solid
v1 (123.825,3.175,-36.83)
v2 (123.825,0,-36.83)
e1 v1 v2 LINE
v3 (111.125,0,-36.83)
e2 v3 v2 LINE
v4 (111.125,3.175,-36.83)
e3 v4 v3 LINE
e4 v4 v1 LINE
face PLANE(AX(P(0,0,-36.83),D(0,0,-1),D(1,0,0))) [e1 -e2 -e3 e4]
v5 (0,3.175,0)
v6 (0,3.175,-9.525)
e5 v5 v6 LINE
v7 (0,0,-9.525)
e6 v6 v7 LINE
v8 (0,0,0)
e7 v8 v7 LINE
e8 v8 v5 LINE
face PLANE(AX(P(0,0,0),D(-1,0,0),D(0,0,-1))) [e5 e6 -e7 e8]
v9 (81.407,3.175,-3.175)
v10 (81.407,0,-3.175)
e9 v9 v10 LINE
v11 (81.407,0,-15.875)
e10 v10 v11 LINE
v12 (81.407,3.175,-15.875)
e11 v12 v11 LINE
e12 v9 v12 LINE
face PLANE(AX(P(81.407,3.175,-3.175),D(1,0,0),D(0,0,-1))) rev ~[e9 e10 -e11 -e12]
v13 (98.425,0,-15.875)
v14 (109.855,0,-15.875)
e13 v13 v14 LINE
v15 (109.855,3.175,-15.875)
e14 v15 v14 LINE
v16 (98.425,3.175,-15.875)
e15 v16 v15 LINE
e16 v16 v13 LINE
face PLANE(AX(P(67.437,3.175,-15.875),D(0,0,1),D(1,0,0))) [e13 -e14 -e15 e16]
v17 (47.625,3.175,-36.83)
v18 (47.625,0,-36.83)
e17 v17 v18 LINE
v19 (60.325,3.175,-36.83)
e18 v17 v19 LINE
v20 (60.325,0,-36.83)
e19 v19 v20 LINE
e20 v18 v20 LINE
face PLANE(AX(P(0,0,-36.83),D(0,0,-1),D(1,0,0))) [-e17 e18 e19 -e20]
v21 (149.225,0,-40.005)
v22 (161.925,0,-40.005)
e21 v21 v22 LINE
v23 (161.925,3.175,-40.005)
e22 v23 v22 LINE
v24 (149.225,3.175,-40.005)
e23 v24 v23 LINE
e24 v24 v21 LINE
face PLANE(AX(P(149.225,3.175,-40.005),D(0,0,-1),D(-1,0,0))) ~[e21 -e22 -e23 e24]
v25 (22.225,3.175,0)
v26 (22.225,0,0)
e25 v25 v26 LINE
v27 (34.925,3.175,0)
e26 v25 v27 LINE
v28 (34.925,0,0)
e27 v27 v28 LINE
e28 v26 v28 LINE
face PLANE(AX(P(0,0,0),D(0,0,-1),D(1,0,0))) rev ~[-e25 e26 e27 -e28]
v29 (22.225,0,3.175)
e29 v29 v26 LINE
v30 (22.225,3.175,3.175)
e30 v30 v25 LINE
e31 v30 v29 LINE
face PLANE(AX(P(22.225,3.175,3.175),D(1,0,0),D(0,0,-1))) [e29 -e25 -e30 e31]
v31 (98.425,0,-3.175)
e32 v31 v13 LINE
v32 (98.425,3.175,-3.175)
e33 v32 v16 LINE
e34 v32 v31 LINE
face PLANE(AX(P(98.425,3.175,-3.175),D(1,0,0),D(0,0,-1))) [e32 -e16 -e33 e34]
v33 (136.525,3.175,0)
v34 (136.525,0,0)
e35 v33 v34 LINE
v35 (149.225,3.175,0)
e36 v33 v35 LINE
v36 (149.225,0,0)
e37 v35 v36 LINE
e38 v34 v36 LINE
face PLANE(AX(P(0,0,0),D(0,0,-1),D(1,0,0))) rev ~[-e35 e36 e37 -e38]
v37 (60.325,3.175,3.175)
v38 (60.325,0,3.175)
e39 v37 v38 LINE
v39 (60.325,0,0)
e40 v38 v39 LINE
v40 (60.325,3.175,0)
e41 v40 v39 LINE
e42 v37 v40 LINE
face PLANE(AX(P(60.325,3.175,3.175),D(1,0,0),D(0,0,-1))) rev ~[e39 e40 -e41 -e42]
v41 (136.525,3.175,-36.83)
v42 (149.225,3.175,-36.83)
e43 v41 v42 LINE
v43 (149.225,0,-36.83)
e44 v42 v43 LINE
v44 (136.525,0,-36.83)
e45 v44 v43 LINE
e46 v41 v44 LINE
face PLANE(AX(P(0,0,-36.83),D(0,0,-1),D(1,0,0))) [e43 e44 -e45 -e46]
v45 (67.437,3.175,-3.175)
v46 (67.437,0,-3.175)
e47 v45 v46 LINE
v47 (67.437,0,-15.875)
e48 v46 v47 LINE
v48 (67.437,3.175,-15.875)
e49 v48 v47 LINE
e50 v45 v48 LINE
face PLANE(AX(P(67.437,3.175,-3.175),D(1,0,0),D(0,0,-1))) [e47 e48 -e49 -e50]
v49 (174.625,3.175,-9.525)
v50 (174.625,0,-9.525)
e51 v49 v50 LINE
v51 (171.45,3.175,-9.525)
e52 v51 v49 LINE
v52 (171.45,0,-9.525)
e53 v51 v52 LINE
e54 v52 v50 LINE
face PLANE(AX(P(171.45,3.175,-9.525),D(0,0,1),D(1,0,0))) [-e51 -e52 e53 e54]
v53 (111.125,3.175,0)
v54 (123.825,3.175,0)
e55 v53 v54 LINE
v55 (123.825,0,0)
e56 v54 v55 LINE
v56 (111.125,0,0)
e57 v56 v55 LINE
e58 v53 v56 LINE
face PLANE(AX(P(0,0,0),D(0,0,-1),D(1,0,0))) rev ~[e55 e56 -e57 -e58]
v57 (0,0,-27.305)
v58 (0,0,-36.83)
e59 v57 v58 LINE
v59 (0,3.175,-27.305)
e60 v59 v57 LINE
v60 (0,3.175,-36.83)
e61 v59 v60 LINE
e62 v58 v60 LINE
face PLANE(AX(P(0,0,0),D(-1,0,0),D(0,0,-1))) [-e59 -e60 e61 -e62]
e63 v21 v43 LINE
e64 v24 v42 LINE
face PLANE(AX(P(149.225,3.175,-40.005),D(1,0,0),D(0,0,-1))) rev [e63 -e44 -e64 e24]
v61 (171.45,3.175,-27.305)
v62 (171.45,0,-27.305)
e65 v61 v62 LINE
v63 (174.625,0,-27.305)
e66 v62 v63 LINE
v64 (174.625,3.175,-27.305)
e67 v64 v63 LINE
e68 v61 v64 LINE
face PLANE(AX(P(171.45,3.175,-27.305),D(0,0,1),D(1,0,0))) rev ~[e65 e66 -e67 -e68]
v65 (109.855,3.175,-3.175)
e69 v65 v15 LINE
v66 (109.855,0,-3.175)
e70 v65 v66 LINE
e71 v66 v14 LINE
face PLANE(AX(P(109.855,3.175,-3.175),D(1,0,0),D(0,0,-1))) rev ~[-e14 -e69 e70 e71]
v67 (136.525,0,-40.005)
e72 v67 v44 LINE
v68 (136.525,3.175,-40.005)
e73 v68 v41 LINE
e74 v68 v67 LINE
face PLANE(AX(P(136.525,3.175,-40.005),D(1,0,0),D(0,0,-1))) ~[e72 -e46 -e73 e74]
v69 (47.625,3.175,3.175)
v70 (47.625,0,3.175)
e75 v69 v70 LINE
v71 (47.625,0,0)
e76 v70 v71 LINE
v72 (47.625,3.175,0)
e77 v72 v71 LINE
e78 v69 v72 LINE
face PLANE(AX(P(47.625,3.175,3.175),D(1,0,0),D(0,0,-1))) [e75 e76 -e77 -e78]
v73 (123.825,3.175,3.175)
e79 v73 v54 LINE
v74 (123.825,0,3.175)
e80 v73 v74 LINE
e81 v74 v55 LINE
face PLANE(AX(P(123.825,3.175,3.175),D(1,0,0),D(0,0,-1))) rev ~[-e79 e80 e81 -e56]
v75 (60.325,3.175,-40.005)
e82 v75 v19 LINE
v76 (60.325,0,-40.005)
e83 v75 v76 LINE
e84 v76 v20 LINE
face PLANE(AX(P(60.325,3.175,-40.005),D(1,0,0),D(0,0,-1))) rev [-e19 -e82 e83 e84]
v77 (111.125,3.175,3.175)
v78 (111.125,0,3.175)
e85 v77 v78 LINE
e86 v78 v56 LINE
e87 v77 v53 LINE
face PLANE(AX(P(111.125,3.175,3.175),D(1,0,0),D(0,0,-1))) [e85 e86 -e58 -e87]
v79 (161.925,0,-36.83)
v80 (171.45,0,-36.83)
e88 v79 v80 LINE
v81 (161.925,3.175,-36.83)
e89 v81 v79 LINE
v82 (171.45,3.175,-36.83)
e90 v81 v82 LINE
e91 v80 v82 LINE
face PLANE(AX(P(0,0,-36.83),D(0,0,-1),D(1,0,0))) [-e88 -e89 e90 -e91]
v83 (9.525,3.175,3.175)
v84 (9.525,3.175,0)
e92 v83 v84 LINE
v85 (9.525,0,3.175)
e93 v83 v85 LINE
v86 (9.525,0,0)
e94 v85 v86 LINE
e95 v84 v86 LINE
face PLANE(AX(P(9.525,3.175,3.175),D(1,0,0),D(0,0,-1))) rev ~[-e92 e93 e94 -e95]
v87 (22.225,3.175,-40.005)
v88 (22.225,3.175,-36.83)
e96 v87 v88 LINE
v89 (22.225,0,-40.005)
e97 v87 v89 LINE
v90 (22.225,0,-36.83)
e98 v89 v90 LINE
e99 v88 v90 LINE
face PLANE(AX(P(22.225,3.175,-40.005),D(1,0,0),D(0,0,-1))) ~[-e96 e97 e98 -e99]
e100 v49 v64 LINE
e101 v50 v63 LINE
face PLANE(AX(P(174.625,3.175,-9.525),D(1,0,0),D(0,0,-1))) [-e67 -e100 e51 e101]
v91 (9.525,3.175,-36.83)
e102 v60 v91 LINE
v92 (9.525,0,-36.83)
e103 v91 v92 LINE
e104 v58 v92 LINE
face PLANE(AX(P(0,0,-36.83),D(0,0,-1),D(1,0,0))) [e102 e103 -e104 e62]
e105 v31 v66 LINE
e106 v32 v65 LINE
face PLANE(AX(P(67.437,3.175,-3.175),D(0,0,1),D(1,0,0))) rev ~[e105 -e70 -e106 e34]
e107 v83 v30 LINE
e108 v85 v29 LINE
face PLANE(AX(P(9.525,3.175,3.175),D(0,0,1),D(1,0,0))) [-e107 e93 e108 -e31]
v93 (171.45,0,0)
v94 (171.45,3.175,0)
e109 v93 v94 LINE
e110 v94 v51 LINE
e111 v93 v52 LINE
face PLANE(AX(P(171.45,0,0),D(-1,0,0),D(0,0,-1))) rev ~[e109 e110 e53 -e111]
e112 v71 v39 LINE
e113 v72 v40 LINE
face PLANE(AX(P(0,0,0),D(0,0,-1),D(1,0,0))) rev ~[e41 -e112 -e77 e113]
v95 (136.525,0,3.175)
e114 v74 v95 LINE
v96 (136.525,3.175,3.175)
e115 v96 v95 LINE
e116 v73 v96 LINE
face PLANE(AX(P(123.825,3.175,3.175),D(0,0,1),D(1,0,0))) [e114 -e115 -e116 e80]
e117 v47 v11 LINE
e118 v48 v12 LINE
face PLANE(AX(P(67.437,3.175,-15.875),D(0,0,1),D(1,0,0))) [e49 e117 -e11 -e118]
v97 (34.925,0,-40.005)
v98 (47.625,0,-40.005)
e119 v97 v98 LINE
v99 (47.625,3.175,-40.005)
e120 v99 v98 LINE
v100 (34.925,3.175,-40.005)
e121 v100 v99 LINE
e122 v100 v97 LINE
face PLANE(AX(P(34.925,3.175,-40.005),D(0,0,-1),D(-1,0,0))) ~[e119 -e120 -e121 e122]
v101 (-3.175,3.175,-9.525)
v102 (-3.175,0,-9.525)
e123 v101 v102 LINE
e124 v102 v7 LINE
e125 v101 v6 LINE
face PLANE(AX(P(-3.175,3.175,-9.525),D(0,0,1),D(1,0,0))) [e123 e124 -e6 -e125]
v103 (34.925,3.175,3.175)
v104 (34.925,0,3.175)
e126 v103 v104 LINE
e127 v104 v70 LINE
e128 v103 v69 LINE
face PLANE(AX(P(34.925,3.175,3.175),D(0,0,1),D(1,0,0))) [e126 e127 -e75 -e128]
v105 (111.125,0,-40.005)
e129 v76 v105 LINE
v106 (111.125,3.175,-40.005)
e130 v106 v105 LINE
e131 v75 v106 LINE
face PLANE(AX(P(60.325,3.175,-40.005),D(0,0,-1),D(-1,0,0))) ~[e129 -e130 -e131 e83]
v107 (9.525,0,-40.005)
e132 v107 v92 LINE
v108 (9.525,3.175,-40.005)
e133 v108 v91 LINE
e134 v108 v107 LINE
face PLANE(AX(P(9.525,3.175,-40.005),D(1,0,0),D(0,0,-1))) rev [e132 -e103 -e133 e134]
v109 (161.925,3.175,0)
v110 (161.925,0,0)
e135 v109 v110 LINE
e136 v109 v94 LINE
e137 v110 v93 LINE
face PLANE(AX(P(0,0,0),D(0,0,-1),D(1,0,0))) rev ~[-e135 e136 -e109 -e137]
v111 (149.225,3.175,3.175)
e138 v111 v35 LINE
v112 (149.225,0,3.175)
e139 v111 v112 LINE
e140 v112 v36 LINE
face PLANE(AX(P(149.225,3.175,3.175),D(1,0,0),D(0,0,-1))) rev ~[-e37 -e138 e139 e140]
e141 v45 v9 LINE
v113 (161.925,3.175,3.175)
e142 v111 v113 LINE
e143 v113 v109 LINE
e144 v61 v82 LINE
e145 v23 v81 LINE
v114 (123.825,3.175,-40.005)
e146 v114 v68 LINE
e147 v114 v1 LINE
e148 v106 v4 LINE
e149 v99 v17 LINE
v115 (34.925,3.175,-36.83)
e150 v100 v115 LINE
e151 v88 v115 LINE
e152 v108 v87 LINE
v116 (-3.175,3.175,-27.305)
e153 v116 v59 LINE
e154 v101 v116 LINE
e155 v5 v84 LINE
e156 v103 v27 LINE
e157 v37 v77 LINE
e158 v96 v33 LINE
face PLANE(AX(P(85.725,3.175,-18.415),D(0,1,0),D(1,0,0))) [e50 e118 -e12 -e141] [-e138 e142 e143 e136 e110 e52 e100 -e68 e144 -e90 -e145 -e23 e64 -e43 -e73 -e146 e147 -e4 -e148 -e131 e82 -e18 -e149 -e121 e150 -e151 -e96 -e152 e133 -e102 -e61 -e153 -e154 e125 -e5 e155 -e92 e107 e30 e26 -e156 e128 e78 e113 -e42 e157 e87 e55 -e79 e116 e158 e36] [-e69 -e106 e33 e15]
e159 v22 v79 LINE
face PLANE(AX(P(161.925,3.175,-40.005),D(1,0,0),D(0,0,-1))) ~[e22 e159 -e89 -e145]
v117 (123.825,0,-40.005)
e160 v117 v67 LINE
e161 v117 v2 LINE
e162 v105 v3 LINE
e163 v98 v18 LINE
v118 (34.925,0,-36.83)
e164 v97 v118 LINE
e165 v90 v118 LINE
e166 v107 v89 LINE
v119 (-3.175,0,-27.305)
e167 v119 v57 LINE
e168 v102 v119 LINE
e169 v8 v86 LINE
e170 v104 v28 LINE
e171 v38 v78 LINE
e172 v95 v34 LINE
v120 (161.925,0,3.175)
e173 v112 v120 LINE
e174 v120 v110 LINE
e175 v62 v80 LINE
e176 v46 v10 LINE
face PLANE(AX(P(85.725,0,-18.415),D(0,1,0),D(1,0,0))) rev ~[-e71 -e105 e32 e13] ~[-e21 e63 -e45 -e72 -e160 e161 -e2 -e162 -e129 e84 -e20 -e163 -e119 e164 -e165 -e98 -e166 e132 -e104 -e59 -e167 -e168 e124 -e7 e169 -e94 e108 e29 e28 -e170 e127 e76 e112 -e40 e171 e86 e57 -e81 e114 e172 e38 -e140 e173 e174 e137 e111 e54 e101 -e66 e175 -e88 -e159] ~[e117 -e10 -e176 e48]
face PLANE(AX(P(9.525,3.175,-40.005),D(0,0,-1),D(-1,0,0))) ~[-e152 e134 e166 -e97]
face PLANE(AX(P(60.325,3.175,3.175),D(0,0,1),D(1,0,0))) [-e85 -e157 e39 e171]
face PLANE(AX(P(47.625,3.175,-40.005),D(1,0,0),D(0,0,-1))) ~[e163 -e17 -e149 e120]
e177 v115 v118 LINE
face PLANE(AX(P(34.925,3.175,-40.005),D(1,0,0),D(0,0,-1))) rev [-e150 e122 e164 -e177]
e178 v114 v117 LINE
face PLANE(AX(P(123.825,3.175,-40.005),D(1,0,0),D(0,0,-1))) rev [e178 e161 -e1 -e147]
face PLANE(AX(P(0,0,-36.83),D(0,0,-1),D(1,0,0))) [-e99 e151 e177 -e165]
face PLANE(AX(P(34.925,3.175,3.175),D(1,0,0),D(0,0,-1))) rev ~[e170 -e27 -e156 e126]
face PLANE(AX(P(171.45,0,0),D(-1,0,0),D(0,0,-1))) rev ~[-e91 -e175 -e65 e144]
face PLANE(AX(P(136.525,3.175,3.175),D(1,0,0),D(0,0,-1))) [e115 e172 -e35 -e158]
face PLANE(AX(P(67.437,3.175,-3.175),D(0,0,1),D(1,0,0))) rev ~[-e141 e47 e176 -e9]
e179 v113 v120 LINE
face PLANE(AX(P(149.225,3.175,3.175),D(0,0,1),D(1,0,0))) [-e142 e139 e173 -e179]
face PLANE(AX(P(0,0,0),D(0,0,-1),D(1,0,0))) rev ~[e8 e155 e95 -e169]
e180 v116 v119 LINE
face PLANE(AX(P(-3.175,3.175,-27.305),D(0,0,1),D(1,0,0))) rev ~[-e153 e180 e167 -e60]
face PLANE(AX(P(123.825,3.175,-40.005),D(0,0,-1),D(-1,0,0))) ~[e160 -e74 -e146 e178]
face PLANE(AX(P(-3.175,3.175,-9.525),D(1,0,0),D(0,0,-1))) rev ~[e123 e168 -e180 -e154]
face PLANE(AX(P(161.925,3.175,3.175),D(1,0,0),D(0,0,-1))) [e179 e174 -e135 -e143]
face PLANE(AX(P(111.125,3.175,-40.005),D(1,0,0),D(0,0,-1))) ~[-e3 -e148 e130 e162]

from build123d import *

# Parameters (mm, degrees)
SKETCH1_W           = 171.45
SKETCH1_H           = 36.83
BOSS_EXTRUDE1_DEPTH = 3.175
SKETCH2_W           = 12.7
SKETCH2_H           = 3.175
SKETCH2_W_2         = 50.8
BOSS_EXTRUDE2_DEPTH = 3.175
SKETCH3_W           = 42.418
SKETCH3_H           = 12.7
CUT_EXTRUDE1_DEPTH  = 3.175
SKETCH5_W           = 17.018
SKETCH5_H           = 12.7
BOSS_EXTRUDE3_DEPTH = 3.175
SKETCH6_W           = 3.175
SKETCH6_H           = 17.78
BOSS_EXTRUDE4_DEPTH = 3.175


with BuildPart() as part:
    # Sketch1 → Boss-Extrude1 (new body)
    with BuildSketch(Plane(origin=(0, 0, 0), x_dir=(1, 0, 0), z_dir=(0, 1, 0))):
        with Locations((85.725, 18.415)):
            Rectangle(SKETCH1_W, SKETCH1_H)
    extrude(amount=BOSS_EXTRUDE1_DEPTH)

    # Sketch2 → Boss-Extrude2 (add)
    with BuildSketch(Plane(origin=(0, 3.175, 0), x_dir=(1, 0, 0), z_dir=(0, 1, 0))):
        with Locations((15.875, -1.5875)):
            Rectangle(SKETCH2_W, SKETCH2_H)
        with Locations((41.275, -1.5875)):
            Rectangle(SKETCH2_W, SKETCH2_H)
        with Locations((85.725, -1.5875)):
            Rectangle(SKETCH2_W_2, SKETCH2_H)
        with Locations((130.175, -1.5875)):
            Rectangle(SKETCH2_W, SKETCH2_H)
        with Locations((155.575, -1.5875)):
            Rectangle(SKETCH2_W, SKETCH2_H)
    boss_extrude2 = extrude(amount=-BOSS_EXTRUDE2_DEPTH)

    # Sketch3 → Cut-Extrude1 (cut)
    with BuildSketch(Plane(origin=(0, 3.175, 0), x_dir=(1, 0, 0), z_dir=(0, 1, 0))):
        with Locations((88.646, 9.525)):
            Rectangle(SKETCH3_W, SKETCH3_H)
    extrude(amount=-CUT_EXTRUDE1_DEPTH, mode=Mode.SUBTRACT)

    # Sketch5 → Boss-Extrude3 (add)
    with BuildSketch(Plane(origin=(0, 3.175, 0), x_dir=(1, 0, 0), z_dir=(0, 1, 0))):
        with Locations((89.916, 9.525)):
            Rectangle(SKETCH5_W, SKETCH5_H)
    extrude(amount=-BOSS_EXTRUDE3_DEPTH)

    # Sketch6 → Boss-Extrude4 (add)
    with BuildSketch(Plane(origin=(0, 3.175, 0), x_dir=(1, 0, 0), z_dir=(0, 1, 0))):
        with Locations((-1.5875, 18.415)):
            Rectangle(SKETCH6_W, SKETCH6_H)
        with Locations((173.0375, 18.415)):
            Rectangle(SKETCH6_W, SKETCH6_H)
    extrude(amount=-BOSS_EXTRUDE4_DEPTH)

    # Mirror1: Boss-Extrude2 across plane
    add(boss_extrude2.mirror(Plane(origin=(0, 0, -18.415), x_dir=(1, 0, 0), z_dir=(0, 0, -1))))


solid = part.part
